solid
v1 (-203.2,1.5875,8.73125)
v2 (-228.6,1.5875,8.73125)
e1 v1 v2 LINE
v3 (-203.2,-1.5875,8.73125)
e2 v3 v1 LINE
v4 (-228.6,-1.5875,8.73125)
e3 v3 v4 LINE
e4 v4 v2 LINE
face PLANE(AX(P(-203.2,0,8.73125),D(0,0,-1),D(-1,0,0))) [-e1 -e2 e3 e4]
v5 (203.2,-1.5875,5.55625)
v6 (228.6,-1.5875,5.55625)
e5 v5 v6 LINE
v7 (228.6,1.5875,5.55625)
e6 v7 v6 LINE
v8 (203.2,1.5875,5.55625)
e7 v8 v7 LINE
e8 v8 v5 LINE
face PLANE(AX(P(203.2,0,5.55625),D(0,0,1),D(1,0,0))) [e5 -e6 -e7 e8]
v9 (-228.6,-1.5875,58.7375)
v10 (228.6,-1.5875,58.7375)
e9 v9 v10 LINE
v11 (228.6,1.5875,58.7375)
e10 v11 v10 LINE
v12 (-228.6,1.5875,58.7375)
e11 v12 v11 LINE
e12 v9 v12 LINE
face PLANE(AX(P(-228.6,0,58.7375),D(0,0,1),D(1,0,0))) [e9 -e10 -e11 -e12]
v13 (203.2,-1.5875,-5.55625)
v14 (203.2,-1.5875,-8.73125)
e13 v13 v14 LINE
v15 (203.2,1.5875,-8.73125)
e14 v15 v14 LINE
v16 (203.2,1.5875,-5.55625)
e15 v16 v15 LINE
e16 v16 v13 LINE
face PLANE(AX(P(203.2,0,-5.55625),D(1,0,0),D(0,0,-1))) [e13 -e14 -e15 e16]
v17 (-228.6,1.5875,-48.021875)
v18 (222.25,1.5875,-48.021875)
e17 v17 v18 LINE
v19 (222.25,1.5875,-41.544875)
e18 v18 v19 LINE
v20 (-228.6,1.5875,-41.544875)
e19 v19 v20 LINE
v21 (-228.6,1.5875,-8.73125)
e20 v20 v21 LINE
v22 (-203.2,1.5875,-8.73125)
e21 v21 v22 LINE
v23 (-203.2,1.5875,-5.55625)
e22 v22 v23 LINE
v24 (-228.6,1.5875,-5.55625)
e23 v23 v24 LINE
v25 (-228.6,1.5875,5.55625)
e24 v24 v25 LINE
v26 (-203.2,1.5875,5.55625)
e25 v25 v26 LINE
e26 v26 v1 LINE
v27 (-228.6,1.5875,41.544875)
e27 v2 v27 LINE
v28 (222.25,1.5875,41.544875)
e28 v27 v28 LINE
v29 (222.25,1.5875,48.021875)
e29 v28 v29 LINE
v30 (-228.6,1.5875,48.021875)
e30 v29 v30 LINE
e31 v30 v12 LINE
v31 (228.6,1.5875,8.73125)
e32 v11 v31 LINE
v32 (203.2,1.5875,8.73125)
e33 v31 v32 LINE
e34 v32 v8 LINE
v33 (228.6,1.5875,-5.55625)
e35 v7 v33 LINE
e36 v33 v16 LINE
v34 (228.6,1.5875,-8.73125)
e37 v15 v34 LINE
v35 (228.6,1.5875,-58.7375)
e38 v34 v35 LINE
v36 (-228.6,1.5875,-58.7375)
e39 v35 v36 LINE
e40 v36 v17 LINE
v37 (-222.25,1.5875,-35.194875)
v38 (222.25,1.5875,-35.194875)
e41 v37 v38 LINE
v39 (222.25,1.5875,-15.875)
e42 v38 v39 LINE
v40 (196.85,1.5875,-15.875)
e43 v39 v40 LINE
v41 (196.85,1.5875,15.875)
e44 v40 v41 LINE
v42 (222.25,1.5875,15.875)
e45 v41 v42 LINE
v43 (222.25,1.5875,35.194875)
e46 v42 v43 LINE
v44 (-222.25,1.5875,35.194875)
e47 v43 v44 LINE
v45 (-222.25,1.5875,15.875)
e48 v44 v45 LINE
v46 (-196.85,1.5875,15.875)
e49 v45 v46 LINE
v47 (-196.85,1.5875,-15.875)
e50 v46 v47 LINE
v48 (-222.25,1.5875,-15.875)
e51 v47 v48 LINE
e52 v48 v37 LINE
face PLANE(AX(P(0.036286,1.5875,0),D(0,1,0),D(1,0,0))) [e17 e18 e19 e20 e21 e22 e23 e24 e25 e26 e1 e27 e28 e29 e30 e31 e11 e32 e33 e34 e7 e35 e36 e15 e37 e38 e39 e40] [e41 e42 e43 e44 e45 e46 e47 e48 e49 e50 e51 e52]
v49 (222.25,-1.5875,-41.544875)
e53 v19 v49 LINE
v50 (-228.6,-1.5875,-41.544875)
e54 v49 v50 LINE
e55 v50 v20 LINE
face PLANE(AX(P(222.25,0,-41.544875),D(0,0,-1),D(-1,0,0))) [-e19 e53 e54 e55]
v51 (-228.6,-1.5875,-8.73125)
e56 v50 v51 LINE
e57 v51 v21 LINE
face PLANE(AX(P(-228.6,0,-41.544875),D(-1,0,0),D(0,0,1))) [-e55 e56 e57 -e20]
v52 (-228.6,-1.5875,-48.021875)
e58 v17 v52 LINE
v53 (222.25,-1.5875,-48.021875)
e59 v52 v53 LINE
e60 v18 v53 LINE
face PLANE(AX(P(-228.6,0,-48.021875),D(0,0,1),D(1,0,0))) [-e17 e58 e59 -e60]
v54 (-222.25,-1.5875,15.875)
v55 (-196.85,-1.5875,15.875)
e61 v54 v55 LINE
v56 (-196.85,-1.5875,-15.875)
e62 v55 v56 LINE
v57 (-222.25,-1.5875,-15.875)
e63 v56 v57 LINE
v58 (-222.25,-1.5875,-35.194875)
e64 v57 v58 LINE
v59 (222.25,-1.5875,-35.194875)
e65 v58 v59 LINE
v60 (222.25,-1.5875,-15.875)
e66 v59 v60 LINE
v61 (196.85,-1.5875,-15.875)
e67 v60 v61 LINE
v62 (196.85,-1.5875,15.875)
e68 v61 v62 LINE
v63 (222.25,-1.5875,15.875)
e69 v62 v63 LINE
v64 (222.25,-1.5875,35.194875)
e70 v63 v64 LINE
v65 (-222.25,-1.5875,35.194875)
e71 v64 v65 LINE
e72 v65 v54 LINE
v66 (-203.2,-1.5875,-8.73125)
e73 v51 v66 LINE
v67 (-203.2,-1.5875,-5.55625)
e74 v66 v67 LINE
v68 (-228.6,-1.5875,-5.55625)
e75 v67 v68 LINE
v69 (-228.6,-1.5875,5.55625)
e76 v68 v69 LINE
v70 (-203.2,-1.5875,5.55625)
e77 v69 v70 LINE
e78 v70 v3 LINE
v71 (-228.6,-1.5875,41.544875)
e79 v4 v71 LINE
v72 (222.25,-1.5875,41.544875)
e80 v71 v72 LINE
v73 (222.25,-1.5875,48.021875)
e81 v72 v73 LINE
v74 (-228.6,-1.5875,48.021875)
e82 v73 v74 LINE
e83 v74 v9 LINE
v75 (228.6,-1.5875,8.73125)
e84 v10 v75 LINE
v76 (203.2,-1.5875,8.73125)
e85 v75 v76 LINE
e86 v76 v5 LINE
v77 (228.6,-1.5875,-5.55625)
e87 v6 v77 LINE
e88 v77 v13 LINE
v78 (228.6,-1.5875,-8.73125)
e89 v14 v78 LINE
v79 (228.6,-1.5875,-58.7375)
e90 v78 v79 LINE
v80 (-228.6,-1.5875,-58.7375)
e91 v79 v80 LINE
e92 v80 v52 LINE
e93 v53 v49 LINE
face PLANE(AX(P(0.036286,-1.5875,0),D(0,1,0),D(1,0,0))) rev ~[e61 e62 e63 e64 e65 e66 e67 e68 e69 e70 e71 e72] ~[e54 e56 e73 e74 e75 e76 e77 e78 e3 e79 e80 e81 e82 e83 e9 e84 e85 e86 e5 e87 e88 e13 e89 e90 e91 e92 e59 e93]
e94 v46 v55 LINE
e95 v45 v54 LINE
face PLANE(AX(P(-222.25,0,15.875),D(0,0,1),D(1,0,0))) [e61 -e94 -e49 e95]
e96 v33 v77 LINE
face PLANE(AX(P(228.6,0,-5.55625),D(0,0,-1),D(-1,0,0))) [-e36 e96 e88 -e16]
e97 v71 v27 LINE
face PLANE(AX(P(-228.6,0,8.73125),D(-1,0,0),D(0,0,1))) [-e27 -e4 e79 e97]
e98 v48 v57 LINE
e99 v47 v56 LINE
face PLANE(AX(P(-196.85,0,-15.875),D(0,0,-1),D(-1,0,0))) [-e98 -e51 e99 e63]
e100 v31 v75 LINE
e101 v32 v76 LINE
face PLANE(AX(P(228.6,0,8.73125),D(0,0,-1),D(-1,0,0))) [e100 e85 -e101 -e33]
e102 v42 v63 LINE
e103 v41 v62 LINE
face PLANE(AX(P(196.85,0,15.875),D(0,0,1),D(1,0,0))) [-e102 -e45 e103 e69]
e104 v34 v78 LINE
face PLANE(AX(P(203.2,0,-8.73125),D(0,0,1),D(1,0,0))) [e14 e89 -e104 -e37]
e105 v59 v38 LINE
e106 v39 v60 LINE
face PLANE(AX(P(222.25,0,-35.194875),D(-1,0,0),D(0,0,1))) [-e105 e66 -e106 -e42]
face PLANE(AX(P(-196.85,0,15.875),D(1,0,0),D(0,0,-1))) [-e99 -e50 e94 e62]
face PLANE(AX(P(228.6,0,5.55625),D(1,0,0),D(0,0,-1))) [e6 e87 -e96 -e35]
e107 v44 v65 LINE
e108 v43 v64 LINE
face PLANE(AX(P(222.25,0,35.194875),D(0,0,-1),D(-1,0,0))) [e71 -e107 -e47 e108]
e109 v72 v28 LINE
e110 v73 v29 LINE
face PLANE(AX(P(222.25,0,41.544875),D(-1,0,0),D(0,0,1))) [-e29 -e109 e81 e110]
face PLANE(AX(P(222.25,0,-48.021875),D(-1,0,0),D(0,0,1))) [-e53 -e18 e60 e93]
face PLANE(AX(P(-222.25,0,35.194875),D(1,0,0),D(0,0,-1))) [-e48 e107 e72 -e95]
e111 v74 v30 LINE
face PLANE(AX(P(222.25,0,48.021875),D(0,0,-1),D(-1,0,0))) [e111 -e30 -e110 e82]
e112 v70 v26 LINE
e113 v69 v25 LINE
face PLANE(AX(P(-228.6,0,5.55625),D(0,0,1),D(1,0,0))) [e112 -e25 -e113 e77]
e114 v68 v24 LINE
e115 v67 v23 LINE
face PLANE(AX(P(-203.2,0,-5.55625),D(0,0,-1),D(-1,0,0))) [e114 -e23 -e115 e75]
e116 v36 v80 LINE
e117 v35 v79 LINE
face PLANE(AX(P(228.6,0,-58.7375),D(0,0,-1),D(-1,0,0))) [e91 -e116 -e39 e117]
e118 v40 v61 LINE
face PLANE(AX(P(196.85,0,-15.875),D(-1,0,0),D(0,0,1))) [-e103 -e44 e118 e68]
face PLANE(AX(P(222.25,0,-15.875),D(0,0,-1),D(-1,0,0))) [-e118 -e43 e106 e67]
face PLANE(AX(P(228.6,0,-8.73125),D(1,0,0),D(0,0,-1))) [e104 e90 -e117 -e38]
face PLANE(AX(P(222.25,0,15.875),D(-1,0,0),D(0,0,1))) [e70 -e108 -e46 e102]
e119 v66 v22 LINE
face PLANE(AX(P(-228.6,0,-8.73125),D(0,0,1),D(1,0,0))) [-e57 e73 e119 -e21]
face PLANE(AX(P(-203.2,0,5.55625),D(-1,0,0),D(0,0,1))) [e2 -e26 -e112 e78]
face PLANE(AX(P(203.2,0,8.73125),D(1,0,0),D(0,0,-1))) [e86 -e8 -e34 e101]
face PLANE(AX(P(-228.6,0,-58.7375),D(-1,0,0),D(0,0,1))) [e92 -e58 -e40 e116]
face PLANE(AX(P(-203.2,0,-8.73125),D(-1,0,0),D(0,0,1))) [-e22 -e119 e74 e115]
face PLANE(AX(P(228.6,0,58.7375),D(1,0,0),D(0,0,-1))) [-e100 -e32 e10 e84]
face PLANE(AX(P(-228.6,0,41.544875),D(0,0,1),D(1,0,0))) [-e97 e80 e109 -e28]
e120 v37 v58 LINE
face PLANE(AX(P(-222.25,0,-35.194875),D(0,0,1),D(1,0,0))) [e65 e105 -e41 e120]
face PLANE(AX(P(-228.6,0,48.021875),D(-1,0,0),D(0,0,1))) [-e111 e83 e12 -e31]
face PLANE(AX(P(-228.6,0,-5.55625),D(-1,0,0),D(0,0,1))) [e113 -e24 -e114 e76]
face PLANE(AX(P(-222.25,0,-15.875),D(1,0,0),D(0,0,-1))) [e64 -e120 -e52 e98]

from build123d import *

# Parameters (mm, degrees)
BOSS_EXTRUDE1_DEPTH = 1.5875


with BuildPart() as part:
    # Sketch1 → Boss-Extrude1 (new body, symmetric)
    with BuildSketch(Plane(origin=(0, 0, 0), x_dir=(1, 0, 0), z_dir=(0, 1, 0))):
        Polygon((222.25, 41.544875), (-228.6, 41.544875), (-228.6, 8.73125), (-222.25, 8.73125), (-203.2, 8.73125), (-203.2, 5.55625), (-222.25, 5.55625), (-228.6, 5.55625), (-228.6, -5.55625), (-222.25, -5.55625), (-203.2, -5.55625), (-203.2, -8.73125), (-222.25, -8.73125), (-228.6, -8.73125), (-228.6, -41.544875), (222.25, -41.544875), (222.25, -48.021875), (-228.6, -48.021875), (-228.6, -58.7375), (190.5, -58.7375), (228.6, -58.7375), (228.6, -8.73125), (222.25, -8.73125), (203.2, -8.73125), (203.2, -5.55625), (222.25, -5.55625), (228.6, -5.55625), (228.6, 5.55625), (222.25, 5.55625), (203.2, 5.55625), (203.2, 8.73125), (222.25, 8.73125), (228.6, 8.73125), (228.6, 58.7375), (190.5, 58.7375), (-228.6, 58.7375), (-228.6, 48.021875), (222.25, 48.021875), align=None)
        Polygon((222.25, 35.194875), (222.25, 15.875), (196.85, 15.875), (196.85, -15.875), (222.25, -15.875), (222.25, -35.194875), (-222.25, -35.194875), (-222.25, -15.875), (-196.85, -15.875), (-196.85, 15.875), (-222.25, 15.875), (-222.25, 35.194875), align=None, mode=Mode.SUBTRACT)
    extrude(amount=BOSS_EXTRUDE1_DEPTH, both=True)


solid = part.part
